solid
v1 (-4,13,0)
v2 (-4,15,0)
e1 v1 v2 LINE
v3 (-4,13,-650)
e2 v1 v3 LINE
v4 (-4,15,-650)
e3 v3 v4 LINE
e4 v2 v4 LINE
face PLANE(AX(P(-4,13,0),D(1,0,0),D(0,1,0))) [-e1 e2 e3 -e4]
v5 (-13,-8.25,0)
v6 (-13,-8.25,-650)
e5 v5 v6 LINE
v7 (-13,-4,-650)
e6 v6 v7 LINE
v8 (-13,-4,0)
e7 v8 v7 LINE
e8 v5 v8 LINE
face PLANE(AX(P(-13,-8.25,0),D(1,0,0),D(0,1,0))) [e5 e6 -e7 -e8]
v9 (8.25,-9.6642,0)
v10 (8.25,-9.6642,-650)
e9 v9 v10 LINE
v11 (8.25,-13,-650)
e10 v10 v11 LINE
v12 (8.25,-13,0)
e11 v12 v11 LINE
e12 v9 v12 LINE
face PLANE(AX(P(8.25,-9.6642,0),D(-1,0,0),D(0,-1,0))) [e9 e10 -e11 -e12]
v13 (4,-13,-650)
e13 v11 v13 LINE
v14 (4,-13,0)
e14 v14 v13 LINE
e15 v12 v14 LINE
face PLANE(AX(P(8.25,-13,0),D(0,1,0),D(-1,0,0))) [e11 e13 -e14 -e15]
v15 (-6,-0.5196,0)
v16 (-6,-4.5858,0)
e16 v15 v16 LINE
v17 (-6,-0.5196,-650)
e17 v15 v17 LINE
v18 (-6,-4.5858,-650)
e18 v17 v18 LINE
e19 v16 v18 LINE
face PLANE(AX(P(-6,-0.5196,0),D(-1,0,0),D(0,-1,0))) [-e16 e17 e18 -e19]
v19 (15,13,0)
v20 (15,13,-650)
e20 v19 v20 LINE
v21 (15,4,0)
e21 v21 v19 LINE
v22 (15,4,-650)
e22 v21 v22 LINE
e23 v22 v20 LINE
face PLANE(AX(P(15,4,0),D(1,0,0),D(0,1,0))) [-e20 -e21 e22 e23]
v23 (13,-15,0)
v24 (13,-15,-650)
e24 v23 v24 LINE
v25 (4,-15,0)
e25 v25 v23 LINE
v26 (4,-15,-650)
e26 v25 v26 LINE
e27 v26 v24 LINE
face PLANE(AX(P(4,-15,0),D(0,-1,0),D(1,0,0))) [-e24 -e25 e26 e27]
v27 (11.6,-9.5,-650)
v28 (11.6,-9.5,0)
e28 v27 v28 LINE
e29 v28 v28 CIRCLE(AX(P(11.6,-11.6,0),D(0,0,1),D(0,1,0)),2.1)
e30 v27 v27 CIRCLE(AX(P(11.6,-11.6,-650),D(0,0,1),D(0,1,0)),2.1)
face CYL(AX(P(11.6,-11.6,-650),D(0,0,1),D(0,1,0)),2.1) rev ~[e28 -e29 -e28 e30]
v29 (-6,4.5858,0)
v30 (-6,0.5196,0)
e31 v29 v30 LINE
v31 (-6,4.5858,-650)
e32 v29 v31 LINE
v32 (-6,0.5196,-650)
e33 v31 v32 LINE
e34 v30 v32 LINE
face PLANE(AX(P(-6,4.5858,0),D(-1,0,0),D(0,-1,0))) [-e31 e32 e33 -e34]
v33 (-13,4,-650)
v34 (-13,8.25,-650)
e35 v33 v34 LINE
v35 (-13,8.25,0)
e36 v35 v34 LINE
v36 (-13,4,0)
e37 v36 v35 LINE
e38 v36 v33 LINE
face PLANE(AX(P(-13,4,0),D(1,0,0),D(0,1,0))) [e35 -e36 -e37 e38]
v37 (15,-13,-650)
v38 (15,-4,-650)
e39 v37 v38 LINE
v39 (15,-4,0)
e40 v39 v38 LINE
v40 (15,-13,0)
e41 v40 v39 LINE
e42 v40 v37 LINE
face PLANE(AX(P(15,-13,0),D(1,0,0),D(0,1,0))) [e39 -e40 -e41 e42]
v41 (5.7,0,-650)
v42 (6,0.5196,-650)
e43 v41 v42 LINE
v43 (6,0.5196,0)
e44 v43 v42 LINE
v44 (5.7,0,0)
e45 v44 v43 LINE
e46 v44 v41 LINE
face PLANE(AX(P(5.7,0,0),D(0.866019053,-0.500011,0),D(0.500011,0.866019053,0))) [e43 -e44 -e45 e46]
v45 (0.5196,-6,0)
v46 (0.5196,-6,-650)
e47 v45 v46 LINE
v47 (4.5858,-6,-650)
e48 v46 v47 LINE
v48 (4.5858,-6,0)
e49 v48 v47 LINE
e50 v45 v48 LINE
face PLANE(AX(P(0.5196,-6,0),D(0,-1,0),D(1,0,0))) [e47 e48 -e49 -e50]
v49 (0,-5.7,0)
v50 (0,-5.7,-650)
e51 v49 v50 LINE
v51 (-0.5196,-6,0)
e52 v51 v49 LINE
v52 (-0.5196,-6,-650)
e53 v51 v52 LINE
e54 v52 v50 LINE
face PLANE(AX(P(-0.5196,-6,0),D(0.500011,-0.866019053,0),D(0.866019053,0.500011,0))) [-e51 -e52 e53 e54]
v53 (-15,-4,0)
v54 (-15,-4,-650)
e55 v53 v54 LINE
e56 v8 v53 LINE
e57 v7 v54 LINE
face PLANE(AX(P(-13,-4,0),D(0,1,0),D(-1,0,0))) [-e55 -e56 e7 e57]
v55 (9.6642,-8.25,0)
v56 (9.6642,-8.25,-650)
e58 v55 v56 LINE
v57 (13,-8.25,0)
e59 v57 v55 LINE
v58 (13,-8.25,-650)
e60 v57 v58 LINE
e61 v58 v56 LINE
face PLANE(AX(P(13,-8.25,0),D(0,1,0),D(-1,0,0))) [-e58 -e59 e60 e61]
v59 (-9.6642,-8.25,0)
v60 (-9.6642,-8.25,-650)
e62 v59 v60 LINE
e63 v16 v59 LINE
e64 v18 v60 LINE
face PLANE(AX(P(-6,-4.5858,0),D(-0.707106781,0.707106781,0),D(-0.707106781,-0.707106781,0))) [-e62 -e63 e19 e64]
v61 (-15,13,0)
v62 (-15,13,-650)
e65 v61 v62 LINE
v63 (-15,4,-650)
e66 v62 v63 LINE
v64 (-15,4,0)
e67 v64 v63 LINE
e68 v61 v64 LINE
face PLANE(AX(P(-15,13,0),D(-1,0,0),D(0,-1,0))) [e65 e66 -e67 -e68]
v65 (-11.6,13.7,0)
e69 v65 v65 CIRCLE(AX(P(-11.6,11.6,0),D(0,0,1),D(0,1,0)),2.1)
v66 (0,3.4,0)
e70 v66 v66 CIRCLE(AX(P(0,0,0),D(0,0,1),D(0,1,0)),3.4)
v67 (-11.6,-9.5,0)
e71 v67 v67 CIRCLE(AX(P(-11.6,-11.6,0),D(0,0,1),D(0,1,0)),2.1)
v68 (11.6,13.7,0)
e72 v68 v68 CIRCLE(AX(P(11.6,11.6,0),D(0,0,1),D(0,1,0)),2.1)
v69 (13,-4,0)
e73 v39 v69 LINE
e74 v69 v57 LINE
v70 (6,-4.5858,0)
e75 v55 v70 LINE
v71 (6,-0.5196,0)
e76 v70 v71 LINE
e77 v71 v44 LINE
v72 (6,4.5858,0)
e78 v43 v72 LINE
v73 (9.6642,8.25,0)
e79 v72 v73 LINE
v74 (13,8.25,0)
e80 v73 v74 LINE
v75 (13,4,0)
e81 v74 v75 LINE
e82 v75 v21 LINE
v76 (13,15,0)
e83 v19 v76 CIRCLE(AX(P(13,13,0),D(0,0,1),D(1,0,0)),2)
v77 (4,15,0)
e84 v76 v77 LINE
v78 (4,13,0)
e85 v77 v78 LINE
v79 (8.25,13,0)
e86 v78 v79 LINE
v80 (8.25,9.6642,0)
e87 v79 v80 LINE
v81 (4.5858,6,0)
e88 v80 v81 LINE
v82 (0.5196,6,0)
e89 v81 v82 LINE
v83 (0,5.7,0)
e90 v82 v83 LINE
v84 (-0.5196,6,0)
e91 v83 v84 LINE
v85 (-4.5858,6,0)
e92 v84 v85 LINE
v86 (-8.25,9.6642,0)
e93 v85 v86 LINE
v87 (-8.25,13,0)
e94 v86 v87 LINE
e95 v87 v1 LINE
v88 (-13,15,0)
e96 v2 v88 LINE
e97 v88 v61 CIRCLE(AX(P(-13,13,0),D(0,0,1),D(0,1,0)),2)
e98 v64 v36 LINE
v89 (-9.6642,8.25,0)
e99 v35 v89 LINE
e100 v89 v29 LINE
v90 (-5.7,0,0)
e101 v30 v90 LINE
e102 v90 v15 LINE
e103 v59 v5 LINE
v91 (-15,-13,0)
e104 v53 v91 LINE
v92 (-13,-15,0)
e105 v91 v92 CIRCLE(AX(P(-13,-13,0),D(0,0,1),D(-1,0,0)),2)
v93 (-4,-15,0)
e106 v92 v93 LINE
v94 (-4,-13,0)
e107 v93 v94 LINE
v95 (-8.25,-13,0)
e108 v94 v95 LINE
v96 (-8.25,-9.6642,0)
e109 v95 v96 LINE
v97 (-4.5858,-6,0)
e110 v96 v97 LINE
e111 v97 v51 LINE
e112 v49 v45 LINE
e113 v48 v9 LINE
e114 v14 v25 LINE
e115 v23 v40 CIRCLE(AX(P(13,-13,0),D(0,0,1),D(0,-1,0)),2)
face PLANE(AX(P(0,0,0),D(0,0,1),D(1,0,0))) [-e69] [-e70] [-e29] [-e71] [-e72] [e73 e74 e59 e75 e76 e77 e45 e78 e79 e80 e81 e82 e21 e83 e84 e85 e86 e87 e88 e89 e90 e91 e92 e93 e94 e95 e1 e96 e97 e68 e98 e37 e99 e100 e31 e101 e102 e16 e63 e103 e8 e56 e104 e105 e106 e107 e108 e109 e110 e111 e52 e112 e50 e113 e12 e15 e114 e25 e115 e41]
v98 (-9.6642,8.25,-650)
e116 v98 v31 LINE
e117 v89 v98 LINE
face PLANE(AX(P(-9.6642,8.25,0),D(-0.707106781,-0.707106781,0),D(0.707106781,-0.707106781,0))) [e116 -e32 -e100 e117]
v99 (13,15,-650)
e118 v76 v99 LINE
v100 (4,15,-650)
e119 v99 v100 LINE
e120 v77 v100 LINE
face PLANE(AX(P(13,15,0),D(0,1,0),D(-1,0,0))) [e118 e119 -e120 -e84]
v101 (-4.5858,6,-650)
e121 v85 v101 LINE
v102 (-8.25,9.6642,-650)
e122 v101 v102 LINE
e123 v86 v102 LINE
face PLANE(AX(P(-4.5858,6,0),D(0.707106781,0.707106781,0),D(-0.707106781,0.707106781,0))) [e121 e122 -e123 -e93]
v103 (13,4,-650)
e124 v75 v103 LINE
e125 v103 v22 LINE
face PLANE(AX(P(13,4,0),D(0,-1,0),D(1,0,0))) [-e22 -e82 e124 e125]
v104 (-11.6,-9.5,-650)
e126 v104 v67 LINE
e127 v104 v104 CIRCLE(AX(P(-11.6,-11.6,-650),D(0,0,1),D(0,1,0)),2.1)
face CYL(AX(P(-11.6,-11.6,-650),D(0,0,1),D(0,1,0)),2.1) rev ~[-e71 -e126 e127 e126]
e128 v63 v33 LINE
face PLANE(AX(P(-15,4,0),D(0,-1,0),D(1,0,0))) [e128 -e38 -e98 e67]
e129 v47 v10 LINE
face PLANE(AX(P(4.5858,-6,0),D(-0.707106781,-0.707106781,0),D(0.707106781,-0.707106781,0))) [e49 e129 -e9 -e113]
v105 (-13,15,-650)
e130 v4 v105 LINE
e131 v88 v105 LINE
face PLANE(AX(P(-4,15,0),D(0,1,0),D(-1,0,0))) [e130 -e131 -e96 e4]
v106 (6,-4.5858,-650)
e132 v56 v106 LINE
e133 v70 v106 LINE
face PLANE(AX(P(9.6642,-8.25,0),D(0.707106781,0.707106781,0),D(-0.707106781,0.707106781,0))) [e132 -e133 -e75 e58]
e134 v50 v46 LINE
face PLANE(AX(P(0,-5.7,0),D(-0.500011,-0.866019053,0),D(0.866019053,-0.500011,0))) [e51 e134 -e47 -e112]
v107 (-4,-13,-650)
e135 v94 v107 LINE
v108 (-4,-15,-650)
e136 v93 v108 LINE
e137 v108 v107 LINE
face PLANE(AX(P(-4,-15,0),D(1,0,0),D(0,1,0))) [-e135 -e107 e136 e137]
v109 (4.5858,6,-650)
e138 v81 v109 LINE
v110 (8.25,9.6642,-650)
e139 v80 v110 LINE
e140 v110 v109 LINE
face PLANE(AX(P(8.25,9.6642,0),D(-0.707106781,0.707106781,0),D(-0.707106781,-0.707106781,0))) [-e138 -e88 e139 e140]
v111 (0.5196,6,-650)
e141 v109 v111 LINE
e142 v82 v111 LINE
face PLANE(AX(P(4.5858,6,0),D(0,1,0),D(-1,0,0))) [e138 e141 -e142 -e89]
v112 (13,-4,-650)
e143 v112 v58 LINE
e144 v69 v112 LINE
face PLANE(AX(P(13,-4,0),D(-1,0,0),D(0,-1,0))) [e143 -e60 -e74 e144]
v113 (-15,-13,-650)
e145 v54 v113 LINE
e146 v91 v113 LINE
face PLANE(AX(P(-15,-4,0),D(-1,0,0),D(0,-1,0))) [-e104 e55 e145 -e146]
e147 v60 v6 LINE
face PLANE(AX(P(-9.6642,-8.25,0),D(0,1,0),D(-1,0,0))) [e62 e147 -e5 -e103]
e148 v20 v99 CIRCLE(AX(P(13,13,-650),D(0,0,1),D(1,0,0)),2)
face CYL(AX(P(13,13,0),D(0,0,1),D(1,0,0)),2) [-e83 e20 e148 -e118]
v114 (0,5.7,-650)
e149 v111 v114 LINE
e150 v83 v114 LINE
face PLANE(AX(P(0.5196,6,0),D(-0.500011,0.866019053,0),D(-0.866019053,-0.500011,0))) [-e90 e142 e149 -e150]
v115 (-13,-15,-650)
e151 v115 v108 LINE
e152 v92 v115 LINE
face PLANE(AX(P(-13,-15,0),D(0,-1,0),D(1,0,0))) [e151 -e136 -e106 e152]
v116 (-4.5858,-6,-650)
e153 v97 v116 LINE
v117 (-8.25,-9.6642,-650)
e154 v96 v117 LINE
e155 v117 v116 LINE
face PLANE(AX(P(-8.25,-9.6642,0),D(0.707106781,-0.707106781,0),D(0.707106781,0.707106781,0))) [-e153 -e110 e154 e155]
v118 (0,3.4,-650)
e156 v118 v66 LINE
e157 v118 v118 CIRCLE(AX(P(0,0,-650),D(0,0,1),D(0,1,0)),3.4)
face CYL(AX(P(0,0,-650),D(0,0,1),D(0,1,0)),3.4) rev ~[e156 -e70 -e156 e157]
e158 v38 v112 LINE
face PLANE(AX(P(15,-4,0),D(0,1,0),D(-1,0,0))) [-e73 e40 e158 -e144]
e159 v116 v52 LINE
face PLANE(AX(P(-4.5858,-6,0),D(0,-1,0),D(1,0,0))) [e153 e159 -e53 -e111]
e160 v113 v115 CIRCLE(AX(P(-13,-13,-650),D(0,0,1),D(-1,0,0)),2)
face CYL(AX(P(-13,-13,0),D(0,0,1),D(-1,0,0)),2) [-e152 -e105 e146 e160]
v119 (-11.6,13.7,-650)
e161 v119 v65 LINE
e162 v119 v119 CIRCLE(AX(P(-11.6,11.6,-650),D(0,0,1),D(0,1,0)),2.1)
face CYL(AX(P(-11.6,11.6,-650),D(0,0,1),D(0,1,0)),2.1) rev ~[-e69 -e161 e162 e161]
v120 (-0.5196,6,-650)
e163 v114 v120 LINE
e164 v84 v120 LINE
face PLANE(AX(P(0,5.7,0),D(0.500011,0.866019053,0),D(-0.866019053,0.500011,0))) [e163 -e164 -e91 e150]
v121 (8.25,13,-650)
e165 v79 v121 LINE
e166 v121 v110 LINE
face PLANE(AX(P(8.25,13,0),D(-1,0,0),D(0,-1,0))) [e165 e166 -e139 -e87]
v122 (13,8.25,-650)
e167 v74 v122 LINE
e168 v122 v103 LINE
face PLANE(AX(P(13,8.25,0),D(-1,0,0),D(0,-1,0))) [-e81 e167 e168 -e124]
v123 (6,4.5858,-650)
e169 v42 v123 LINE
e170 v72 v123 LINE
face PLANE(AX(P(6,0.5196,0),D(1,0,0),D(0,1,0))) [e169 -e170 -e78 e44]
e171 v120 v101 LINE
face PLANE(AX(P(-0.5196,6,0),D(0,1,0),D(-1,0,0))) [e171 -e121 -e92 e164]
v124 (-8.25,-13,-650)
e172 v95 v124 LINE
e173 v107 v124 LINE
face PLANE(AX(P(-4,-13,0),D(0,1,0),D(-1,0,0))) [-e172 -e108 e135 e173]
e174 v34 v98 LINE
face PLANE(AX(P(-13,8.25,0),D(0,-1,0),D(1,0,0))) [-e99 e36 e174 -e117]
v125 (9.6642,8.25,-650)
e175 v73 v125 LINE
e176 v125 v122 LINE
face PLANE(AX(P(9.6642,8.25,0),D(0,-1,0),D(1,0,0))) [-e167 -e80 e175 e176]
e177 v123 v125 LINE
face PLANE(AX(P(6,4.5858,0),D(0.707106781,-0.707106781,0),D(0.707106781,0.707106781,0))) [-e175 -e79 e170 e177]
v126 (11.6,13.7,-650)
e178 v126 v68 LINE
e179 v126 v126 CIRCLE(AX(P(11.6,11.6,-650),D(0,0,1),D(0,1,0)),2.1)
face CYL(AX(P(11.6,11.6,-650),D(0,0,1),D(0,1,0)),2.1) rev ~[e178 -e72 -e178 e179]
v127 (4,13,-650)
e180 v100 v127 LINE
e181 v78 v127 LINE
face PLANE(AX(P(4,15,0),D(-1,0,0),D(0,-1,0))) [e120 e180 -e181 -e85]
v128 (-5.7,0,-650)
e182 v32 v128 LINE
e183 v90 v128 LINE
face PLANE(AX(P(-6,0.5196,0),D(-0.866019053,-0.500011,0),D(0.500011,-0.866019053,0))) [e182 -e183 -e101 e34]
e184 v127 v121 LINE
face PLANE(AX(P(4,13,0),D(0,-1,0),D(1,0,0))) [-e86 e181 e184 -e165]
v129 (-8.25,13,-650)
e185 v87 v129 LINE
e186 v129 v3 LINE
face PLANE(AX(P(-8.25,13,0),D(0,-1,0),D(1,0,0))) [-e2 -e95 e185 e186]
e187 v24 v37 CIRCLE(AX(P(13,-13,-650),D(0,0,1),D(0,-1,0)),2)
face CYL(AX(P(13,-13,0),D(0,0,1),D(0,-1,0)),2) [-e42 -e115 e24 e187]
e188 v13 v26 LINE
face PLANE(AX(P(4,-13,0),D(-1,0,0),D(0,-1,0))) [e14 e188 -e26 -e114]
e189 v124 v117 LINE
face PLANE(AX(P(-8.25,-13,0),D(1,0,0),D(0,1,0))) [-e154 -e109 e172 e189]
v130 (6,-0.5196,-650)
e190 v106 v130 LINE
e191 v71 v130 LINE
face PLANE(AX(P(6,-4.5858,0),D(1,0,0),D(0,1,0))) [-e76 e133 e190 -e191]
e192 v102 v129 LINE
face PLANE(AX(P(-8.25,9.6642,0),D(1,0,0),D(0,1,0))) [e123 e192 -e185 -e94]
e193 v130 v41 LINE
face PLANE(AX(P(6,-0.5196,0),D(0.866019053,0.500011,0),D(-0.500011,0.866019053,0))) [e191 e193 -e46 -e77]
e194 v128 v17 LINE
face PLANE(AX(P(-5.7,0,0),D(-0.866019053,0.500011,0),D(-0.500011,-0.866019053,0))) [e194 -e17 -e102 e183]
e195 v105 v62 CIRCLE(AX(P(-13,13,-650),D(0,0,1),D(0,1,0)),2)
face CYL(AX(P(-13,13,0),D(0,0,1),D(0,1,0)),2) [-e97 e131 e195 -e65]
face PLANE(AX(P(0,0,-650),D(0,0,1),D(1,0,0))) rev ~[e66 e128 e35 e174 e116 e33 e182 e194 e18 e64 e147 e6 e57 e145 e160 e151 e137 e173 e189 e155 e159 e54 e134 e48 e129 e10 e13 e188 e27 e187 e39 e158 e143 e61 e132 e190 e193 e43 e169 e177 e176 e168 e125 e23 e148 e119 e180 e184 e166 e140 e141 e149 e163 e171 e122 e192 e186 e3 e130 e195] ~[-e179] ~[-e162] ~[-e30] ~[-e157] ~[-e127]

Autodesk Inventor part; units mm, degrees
sketch "Sketch_1" plane through (0, 0, 0) normal (0, 0, 1) x (1, 0, 0)
  line L0 (-15, 4) -> (-13, 4)
  line L1 (-13, 4) -> (-13, 8.25)
  line L2 (-13, 8.25) -> (-9.6642, 8.25)
  line L3 (-9.6642, 8.25) -> (-6, 4.5858)
  line L4 (-6, 4.5858) -> (-6, 0.5196)
  line L5 (-6, 0.5196) -> (-5.7, 0)
  line L6 (-5.7, 0) -> (-6, -0.5196)
  line L7 (-6, -0.5196) -> (-6, -4.5858)
  line L8 (-6, -4.5858) -> (-9.6642, -8.25)
  line L9 (-9.6642, -8.25) -> (-13, -8.25)
  line L10 (-13, -8.25) -> (-13, -4)
  line L11 (-13, -4) -> (-15, -4)
  line L12 (-15, -4) -> (-15, -13)
  arc A0 (-15, -13) -> (-13, -15) centre (-13, -13) ccw
  line L13 (-13, -15) -> (-4, -15)
  line L14 (-4, -15) -> (-4, -13)
  line L15 (-4, -13) -> (-8.25, -13)
  line L16 (-8.25, -13) -> (-8.25, -9.6642)
  line L17 (-8.25, -9.6642) -> (-4.5858, -6)
  line L18 (-4.5858, -6) -> (-0.5196, -6)
  line L19 (-0.5196, -6) -> (0, -5.7)
  line L20 (0, -5.7) -> (0.5196, -6)
  line L21 (0.5196, -6) -> (4.5858, -6)
  line L22 (4.5858, -6) -> (8.25, -9.6642)
  line L23 (8.25, -9.6642) -> (8.25, -13)
  line L24 (8.25, -13) -> (4, -13)
  line L25 (4, -13) -> (4, -15)
  line L26 (4, -15) -> (13, -15)
  arc A1 (13, -15) -> (15, -13) centre (13, -13) ccw
  line L27 (15, -13) -> (15, -4)
  line L28 (15, -4) -> (13, -4)
  line L29 (13, -4) -> (13, -8.25)
  line L30 (13, -8.25) -> (9.6642, -8.25)
  line L31 (9.6642, -8.25) -> (6, -4.5858)
  line L32 (6, -4.5858) -> (6, -0.5196)
  line L33 (6, -0.5196) -> (5.7, 0)
  line L34 (5.7, 0) -> (6, 0.5196)
  line L35 (6, 0.5196) -> (6, 4.5858)
  line L36 (6, 4.5858) -> (9.6642, 8.25)
  line L37 (9.6642, 8.25) -> (13, 8.25)
  line L38 (13, 8.25) -> (13, 4)
  line L39 (13, 4) -> (15, 4)
  line L40 (15, 4) -> (15, 13)
  arc A2 (15, 13) -> (13, 15) centre (13, 13) ccw
  line L41 (13, 15) -> (4, 15)
  line L42 (4, 15) -> (4, 13)
  line L43 (4, 13) -> (8.25, 13)
  line L44 (8.25, 13) -> (8.25, 9.6642)
  line L45 (8.25, 9.6642) -> (4.5858, 6)
  line L46 (4.5858, 6) -> (0.5196, 6)
  line L47 (0.5196, 6) -> (0, 5.7)
  line L48 (0, 5.7) -> (-0.5196, 6)
  line L49 (-0.5196, 6) -> (-4.5858, 6)
  line L50 (-4.5858, 6) -> (-8.25, 9.6642)
  line L51 (-8.25, 9.6642) -> (-8.25, 13)
  line L52 (-8.25, 13) -> (-4, 13)
  line L53 (-4, 13) -> (-4, 15)
  line L54 (-4, 15) -> (-13, 15)
  arc A3 (-13, 15) -> (-15, 13) centre (-13, 13) ccw
  line L55 (-15, 13) -> (-15, 4)
extrude "Extrusion1" add sketch "Sketch_1" against normal blind 650
sketch "Sketch2" plane through (0, 0, -650) normal (0, 0, -1) x (-1, 0, 0)
  point P0 (0, 0)
hole "Hole1" at (0, 0, -650) direction (0, 0, 1) diameter 6.8 depth 650
sketch "Sketch3" plane through (0, 0, -650) normal (0, 0, -1) x (-1, 0, 0)
  point P0 (-11.6, 11.6)
hole "Hole2" at (11.6, 11.6, -650) direction (0, 0, 1) diameter 4.2 depth 650
pattern_linear "Rectangular Pattern1" count 2 spacing 23.2 along (-1, 0, 0) count 2 spacing 23.2 along (0, -1, 0) of "Hole2"
ref_plane "C1_XY" through (0, 0, 0) normal (0, 0, 1) x (1, 0, 0)
ref_plane "C1_YZ" through (0, 0, 0) normal (1, 0, 0) x (0, 1, 0)
ref_plane "C1_ZX" through (0, 0, 0) normal (0, 1, 0) x (0, 0, 1)
ref_plane "to_frame_cap1_XY" through (0, 0, 0) normal (0, 0, 1) x (1, 0, 0)
ref_plane "to_frame_cap1_YZ" through (0, 0, 0) normal (1, 0, 0) x (0, 1, 0)
ref_plane "to_frame_cap1_ZX" through (0, 0, 0) normal (0, 1, 0) x (0, 0, 1)
ref_plane "to_frame_cap2_XY" through (0, 0, -650) normal (0, 0, -1) x (1, 0, 0)
ref_plane "to_frame_cap2_YZ" through (0, 0, -650) normal (1, 0, 0) x (0, -1, 0)
ref_plane "to_frame_cap2_ZX" through (0, 0, -650) normal (0, -1, 0) x (0, 0, -1)
properties part number "HFS6-3030-650"
